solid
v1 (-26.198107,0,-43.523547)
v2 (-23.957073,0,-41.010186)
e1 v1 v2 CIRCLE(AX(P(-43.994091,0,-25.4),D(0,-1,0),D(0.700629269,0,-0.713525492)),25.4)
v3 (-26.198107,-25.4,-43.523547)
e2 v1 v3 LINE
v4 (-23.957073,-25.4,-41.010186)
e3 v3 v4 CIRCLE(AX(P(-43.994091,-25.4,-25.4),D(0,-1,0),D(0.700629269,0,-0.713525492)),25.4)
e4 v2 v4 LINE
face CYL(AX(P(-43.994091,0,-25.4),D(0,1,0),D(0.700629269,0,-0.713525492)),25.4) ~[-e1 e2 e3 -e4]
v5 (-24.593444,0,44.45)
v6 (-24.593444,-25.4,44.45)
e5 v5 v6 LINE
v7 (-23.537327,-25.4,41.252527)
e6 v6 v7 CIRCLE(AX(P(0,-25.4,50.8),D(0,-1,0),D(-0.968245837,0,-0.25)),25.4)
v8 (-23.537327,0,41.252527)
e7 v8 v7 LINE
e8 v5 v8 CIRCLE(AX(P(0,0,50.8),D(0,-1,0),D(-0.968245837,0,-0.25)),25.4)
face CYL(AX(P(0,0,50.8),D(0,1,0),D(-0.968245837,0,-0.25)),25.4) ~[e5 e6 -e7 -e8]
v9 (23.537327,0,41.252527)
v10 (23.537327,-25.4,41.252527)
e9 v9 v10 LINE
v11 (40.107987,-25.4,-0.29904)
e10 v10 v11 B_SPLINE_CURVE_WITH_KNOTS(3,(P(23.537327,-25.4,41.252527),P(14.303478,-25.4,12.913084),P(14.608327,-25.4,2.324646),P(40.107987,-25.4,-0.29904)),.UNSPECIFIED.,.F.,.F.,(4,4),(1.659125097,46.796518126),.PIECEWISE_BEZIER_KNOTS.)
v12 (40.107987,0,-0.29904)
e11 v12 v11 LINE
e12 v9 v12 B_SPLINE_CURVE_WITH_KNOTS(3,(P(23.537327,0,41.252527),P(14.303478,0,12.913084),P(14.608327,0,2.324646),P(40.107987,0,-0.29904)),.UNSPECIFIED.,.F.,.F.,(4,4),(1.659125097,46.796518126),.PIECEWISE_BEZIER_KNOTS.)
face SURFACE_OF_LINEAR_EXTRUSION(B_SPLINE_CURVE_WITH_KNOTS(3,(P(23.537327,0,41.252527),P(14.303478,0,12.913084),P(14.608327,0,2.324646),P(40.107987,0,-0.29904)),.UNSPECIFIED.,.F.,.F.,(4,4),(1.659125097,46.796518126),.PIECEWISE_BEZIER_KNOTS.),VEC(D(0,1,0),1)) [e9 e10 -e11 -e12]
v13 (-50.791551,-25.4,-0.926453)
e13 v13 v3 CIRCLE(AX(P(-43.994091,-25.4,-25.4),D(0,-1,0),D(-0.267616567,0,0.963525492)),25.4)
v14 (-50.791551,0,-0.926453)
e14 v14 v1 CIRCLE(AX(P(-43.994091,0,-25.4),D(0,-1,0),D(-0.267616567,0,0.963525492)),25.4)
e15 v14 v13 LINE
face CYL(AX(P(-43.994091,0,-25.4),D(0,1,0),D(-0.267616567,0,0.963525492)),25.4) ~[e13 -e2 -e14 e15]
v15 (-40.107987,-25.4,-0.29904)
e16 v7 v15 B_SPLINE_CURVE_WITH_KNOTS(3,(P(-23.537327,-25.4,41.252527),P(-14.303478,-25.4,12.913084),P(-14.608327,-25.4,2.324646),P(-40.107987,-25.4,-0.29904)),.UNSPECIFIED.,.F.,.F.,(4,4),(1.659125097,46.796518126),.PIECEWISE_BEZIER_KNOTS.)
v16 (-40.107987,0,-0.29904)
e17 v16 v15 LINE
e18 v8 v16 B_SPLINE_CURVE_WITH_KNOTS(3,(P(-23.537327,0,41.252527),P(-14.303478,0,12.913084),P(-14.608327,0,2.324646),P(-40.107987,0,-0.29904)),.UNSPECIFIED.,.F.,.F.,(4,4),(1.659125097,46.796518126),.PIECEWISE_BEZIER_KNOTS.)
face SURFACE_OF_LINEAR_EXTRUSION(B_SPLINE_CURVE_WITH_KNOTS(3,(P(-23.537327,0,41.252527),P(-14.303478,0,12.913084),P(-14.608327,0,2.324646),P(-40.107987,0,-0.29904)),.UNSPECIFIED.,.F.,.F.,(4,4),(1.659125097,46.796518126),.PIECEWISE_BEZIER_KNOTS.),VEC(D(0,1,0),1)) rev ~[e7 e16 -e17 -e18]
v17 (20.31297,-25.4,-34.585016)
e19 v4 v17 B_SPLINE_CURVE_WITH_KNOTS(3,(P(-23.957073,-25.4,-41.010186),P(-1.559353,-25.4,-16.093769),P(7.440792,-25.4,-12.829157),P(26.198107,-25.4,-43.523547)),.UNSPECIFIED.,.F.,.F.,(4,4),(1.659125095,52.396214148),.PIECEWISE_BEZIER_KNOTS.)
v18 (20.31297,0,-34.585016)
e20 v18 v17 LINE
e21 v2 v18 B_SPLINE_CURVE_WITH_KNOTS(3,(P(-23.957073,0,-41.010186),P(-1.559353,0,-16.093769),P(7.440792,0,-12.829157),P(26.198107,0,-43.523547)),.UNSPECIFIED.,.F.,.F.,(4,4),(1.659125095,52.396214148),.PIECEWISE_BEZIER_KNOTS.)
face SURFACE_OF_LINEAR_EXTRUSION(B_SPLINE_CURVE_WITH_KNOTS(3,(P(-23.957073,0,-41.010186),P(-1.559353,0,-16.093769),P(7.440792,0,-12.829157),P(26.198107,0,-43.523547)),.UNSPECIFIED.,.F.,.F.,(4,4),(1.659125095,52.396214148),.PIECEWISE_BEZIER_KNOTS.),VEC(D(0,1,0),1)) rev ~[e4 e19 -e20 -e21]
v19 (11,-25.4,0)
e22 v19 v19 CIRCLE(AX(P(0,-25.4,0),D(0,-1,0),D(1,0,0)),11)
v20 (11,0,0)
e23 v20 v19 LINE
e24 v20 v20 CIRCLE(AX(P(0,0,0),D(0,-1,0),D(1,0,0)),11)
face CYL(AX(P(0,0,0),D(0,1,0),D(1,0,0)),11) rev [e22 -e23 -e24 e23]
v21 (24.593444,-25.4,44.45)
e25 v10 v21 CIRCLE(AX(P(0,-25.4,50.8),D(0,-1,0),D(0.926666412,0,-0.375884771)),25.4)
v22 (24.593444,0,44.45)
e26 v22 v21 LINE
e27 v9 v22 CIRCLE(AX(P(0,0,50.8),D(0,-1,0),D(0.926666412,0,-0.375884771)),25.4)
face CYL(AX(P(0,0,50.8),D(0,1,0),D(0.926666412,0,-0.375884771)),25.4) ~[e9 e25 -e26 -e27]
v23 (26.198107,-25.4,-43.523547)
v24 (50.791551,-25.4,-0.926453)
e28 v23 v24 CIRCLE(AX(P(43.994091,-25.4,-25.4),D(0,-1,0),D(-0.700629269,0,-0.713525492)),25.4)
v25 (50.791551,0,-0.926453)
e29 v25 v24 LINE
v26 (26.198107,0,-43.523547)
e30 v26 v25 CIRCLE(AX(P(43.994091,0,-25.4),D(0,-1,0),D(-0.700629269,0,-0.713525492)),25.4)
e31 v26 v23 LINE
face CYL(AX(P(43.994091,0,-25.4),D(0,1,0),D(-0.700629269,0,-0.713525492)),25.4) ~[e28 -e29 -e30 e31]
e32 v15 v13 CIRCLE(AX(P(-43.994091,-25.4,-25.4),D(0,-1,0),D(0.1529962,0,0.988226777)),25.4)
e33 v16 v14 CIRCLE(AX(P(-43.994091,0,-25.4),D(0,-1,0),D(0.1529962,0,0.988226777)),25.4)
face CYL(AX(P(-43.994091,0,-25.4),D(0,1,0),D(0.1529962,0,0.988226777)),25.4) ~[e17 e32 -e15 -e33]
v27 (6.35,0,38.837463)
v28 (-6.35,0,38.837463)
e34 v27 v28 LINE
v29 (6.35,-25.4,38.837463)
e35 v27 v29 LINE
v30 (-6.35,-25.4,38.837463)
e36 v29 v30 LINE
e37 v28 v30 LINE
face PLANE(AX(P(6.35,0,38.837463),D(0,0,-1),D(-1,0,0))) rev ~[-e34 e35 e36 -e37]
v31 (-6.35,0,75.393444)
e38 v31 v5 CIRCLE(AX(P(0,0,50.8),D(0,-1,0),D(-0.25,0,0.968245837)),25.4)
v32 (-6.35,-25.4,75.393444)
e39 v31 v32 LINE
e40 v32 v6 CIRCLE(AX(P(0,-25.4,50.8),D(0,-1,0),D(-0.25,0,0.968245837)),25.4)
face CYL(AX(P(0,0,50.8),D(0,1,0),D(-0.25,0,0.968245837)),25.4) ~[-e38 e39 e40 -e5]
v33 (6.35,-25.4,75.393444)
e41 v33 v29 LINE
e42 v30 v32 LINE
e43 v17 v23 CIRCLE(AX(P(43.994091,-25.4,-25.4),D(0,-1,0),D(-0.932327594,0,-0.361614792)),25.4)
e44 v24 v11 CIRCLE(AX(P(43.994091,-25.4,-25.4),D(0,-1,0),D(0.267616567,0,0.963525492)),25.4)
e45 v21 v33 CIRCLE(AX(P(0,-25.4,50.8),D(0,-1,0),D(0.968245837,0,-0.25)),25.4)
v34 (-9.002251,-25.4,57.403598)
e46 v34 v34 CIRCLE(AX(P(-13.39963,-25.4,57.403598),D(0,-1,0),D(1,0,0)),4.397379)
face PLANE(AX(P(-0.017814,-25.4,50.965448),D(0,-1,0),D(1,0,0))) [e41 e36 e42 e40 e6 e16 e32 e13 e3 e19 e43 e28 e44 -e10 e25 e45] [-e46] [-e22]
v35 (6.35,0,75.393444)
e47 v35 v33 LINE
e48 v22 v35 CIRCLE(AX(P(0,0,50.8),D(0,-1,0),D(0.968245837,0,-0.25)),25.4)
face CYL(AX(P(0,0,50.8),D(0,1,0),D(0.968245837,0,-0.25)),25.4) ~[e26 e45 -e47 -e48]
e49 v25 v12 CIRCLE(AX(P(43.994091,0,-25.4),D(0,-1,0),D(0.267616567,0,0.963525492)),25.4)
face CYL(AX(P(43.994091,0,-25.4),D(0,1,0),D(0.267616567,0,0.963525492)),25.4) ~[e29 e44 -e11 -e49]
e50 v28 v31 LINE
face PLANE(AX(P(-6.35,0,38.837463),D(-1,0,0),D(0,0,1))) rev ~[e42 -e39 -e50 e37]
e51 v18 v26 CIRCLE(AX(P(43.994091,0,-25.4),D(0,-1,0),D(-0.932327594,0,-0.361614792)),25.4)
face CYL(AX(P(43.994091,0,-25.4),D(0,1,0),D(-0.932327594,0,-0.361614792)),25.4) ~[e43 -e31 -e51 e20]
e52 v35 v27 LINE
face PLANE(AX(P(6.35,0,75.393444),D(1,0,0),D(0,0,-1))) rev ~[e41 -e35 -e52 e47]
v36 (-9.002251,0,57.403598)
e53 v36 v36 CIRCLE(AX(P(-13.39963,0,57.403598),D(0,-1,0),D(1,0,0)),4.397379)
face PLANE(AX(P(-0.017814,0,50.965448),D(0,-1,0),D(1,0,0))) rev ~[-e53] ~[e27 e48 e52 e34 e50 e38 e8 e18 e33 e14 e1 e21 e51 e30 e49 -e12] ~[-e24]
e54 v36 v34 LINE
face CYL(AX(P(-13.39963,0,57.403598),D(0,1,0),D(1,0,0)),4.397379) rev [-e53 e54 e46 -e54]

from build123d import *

# Parameters (mm, degrees)
F0_R     = 4.397379136
F0_R_2   = 11
F1_DEPTH = 25.4


with BuildPart() as f1:
    # F0 (on Front) → F1 (new body)
    with BuildSketch(Plane.XZ):
        with BuildLine():
            Line((-6.35, 38.8374630521), (-6.35, 75.3934442487))
            ThreePointArc((-6.35, 75.3934442487), (-21.8803192616, 63.7000631404), (-24.5934442487, 44.4499999999))
            add(Edge.make_bspline(
                [(-24.5934442484, 44.45), (-24.330453279, 43.66325979), (-24.073769767, 42.889264168), (-23.8236859723, 42.1278304497)],
                knots=[0, 0, 0, 0, 1.1973786992, 1.1973786992, 1.1973786992, 1.1973786992], degree=3))
            ThreePointArc((-23.8236859723, 42.1278304497), (-23.1577448216, 40.4649595183), (-22.4072076306, 38.8385182267))
            ThreePointArc((-22.4072076306, 38.8385182267), (1.3327234332, 25.4349877141), (23.5373268657, 41.2525268248))
            add(Edge.make_bspline(
                [(24.5934442484, 44.45), (24.2290357969, 43.3598683413), (23.8767374958, 42.2942059525), (23.5373268657, 41.2525268248)],
                knots=[0, 0, 0, 0, 1.6591250973, 1.6591250973, 1.6591250973, 1.6591250973], degree=3))
            ThreePointArc((24.5934442487, 44.4499999999), (21.8803192616, 63.7000631404), (6.35, 75.3934442487))
            Line((6.35, 75.3934442487), (6.35, 38.8374630521))
            Line((6.35, 38.8374630521), (-6.35, 38.8374630521))
        make_face()
        with Locations((-13.3996298537, 57.4035979807)):
            Circle(F0_R, mode=Mode.SUBTRACT)
        with BuildLine():
            ThreePointArc((-23.8236859723, 42.1278304497), (-24.2289562878, 43.2821559089), (-24.5934442484, 44.45))
            ThreePointArc((-24.5934442487, 44.4499999999), (-24.1184315554, 42.833742452), (-23.5373268657, 41.2525268248))
            add(Edge.make_bspline(
                [(-23.8236859723, 42.1278304497), (-23.7272458974, 41.8341979698), (-23.6317872751, 41.542433587), (-23.5373268657, 41.2525268248)],
                knots=[1.1973786992, 1.1973786992, 1.1973786992, 1.1973786992, 1.6591250973, 1.6591250973, 1.6591250973, 1.6591250973], degree=3))
        make_face()
        with BuildLine():
            add(Edge.make_bspline(
                [(-24.5934442484, 44.45), (-24.330453279, 43.66325979), (-24.073769767, 42.889264168), (-23.8236859723, 42.1278304497)],
                knots=[0, 0, 0, 0, 1.1973786992, 1.1973786992, 1.1973786992, 1.1973786992], degree=3))
            ThreePointArc((-24.5934442484, 44.45), (-24.2289562878, 43.2821559089), (-23.8236859723, 42.1278304497))
        make_face()
        with BuildLine():
            add(Edge.make_bspline(
                [(-23.8236859723, 42.1278304497), (-23.7272458974, 41.8341979698), (-23.6317872751, 41.542433587), (-23.5373268657, 41.2525268248)],
                knots=[1.1973786992, 1.1973786992, 1.1973786992, 1.1973786992, 1.6591250973, 1.6591250973, 1.6591250973, 1.6591250973], degree=3))
            ThreePointArc((-23.5373268657, 41.2525268248), (-23.0039544839, 40.0306881317), (-22.4072076306, 38.8385182267))
            ThreePointArc((-22.4072076306, 38.8385182267), (-23.1577448216, 40.4649595183), (-23.8236859723, 42.1278304497))
        make_face()
        with BuildLine():
            ThreePointArc((-22.4072076306, 38.8385182267), (-23.0039544839, 40.0306881317), (-23.5373268657, 41.2525268248))
            add(Edge.make_bspline(
                [(-23.5373268657, 41.2525268248), (-14.3034776318, 12.9130843808), (-14.6083268697, 2.3246455259), (-40.1079870257, -0.2990398651)],
                knots=[1.6591250973, 1.6591250973, 1.6591250973, 1.6591250973, 46.7965181263, 46.7965181263, 46.7965181263, 46.7965181263], degree=3))
            ThreePointArc((-40.1079870257, -0.2990398651), (-24.7085126293, -8.8704360093), (-18.5940905122, -25.4))
            ThreePointArc((-18.5940905122, -25.4), (-19.5722888506, -32.3810889981), (-22.4315396146, -38.8244701491))
            ThreePointArc((-22.4315396146, -38.8244701491), (-23.1656156125, -39.9373530379), (-23.9570727704, -41.0101864183))
            add(Edge.make_bspline(
                [(-23.9570727704, -41.0101864183), (-4.0313203, -18.8437171825), (5.290961354, -13.813504938), (20.3129696328, -34.5850157264)],
                knots=[1.6591250952, 1.6591250952, 1.6591250952, 1.6591250952, 46.7965181263, 46.7965181263, 46.7965181263, 46.7965181263], degree=3))
            ThreePointArc((20.3129696328, -34.5850157264), (21.9970452561, -12.7), (40.1079870257, -0.2990398651))
            add(Edge.make_bspline(
                [(23.5373268657, 41.2525268248), (14.3034776318, 12.9130843808), (14.6083268697, 2.3246455259), (40.1079870257, -0.2990398651)],
                knots=[1.6591250973, 1.6591250973, 1.6591250973, 1.6591250973, 46.7965181263, 46.7965181263, 46.7965181263, 46.7965181263], degree=3))
            ThreePointArc((23.5373268657, 41.2525268248), (1.3327234332, 25.4349877141), (-22.4072076306, 38.8385182267))
        make_face()
        Circle(F0_R_2, mode=Mode.SUBTRACT)
        with BuildLine():
            add(Edge.make_bspline(
                [(-40.1079870257, -0.2990398651), (-43.2714472069, -0.624531429), (-46.8226710099, -0.8274405429), (-50.7915513224, -0.9264525143)],
                knots=[46.7965181263, 46.7965181263, 46.7965181263, 46.7965181263, 52.396214148, 52.396214148, 52.396214148, 52.396214148], degree=3))
            ThreePointArc((-40.1079870257, -0.2990398651), (-45.4831882339, -0.0436874137), (-50.7915513224, -0.9264525143))
        make_face()
        with BuildLine():
            ThreePointArc((-18.5940905122, -25.4), (-24.7085126293, -8.8704360093), (-40.1079870257, -0.2990398651))
            add(Edge.make_bspline(
                [(-40.1079870257, -0.2990398651), (-43.2714472069, -0.624531429), (-46.8226710099, -0.8274405429), (-50.7915513224, -0.9264525143)],
                knots=[46.7965181263, 46.7965181263, 46.7965181263, 46.7965181263, 52.396214148, 52.396214148, 52.396214148, 52.396214148], degree=3))
            ThreePointArc((-50.7915513224, -0.9264525143), (-65.9911357684, -38.1), (-26.198107074, -43.5235474857))
            add(Edge.make_bspline(
                [(-26.198107074, -43.5235474857), (-25.6482655513, -42.902420521), (-25.106307437, -42.2931282687), (-24.5719283917, -41.6958324909)],
                knots=[0, 0, 0, 0, 1.1973786977, 1.1973786977, 1.1973786977, 1.1973786977], degree=3))
            ThreePointArc((-24.5719283917, -41.6958324909), (-23.4648104963, -40.2876750702), (-22.4315396146, -38.8244701491))
            ThreePointArc((-22.4315396146, -38.8244701491), (-19.5722888506, -32.3810889981), (-18.5940905122, -25.4))
        make_face()
        with BuildLine():
            add(Edge.make_bspline(
                [(24.5934442484, 44.45), (24.2290357969, 43.3598683413), (23.8767374958, 42.2942059525), (23.5373268657, 41.2525268248)],
                knots=[0, 0, 0, 0, 1.6591250973, 1.6591250973, 1.6591250973, 1.6591250973], degree=3))
            ThreePointArc((23.5373268657, 41.2525268248), (24.1184315554, 42.833742452), (24.5934442487, 44.4499999999))
        make_face()
        with BuildLine():
            add(Edge.make_bspline(
                [(40.1079870257, -0.2990398651), (43.2714472069, -0.624531429), (46.8226710099, -0.8274405429), (50.7915513224, -0.9264525143)],
                knots=[46.7965181263, 46.7965181263, 46.7965181263, 46.7965181263, 52.396214148, 52.396214148, 52.396214148, 52.396214148], degree=3))
            ThreePointArc((40.1079870257, -0.2990398651), (21.9970452561, -12.7), (20.3129696328, -34.5850157264))
            add(Edge.make_bspline(
                [(20.3129696328, -34.5850157264), (22.1765836864, -37.1619068252), (24.1279200352, -40.1359022962), (26.198107074, -43.5235474857)],
                knots=[46.7965181263, 46.7965181263, 46.7965181263, 46.7965181263, 52.396214148, 52.396214148, 52.396214148, 52.396214148], degree=3))
            ThreePointArc((26.198107074, -43.5235474857), (53.8211455306, -48.8219766387), (69.3940905122, -25.4))
            ThreePointArc((69.3940905122, -25.4), (64.2155581219, -10.0295007332), (50.7915513224, -0.9264525143))
        make_face()
        with BuildLine():
            ThreePointArc((50.7915513224, -0.9264525143), (45.4831882339, -0.0436874137), (40.1079870257, -0.2990398651))
            add(Edge.make_bspline(
                [(40.1079870257, -0.2990398651), (43.2714472069, -0.624531429), (46.8226710099, -0.8274405429), (50.7915513224, -0.9264525143)],
                knots=[46.7965181263, 46.7965181263, 46.7965181263, 46.7965181263, 52.396214148, 52.396214148, 52.396214148, 52.396214148], degree=3))
        make_face()
        with BuildLine():
            ThreePointArc((-23.9570727704, -41.0101864183), (-23.1656156125, -39.9373530379), (-22.4315396146, -38.8244701491))
            ThreePointArc((-22.4315396146, -38.8244701491), (-23.4648104963, -40.2876750702), (-24.5719283917, -41.6958324909))
            add(Edge.make_bspline(
                [(-24.5719283917, -41.6958324909), (-24.3658552424, -41.4654966965), (-24.1609091864, -41.2369449133), (-23.9570727704, -41.0101864183)],
                knots=[1.1973786977, 1.1973786977, 1.1973786977, 1.1973786977, 1.6591250952, 1.6591250952, 1.6591250952, 1.6591250952], degree=3))
        make_face()
        with BuildLine():
            ThreePointArc((-24.5719283917, -41.6958324909), (-25.3689684049, -42.623969608), (-26.198107074, -43.5235474857))
            ThreePointArc((-26.198107074, -43.5235474857), (-25.0358933264, -42.3040456537), (-23.9570727704, -41.0101864183))
            add(Edge.make_bspline(
                [(-24.5719283917, -41.6958324909), (-24.3658552424, -41.4654966965), (-24.1609091864, -41.2369449133), (-23.9570727704, -41.0101864183)],
                knots=[1.1973786977, 1.1973786977, 1.1973786977, 1.1973786977, 1.6591250952, 1.6591250952, 1.6591250952, 1.6591250952], degree=3))
        make_face()
        with BuildLine():
            add(Edge.make_bspline(
                [(-26.198107074, -43.5235474857), (-25.6482655513, -42.902420521), (-25.106307437, -42.2931282687), (-24.5719283917, -41.6958324909)],
                knots=[0, 0, 0, 0, 1.1973786977, 1.1973786977, 1.1973786977, 1.1973786977], degree=3))
            ThreePointArc((-26.198107074, -43.5235474857), (-25.3689684049, -42.623969608), (-24.5719283917, -41.6958324909))
        make_face()
        with BuildLine():
            add(Edge.make_bspline(
                [(20.3129696328, -34.5850157264), (22.1765836864, -37.1619068252), (24.1279200352, -40.1359022962), (26.198107074, -43.5235474857)],
                knots=[46.7965181263, 46.7965181263, 46.7965181263, 46.7965181263, 52.396214148, 52.396214148, 52.396214148, 52.396214148], degree=3))
            ThreePointArc((20.3129696328, -34.5850157264), (22.779428527, -39.3677527488), (26.198107074, -43.5235474857))
        make_face()
    extrude(amount=F1_DEPTH)


solid = f1.part
